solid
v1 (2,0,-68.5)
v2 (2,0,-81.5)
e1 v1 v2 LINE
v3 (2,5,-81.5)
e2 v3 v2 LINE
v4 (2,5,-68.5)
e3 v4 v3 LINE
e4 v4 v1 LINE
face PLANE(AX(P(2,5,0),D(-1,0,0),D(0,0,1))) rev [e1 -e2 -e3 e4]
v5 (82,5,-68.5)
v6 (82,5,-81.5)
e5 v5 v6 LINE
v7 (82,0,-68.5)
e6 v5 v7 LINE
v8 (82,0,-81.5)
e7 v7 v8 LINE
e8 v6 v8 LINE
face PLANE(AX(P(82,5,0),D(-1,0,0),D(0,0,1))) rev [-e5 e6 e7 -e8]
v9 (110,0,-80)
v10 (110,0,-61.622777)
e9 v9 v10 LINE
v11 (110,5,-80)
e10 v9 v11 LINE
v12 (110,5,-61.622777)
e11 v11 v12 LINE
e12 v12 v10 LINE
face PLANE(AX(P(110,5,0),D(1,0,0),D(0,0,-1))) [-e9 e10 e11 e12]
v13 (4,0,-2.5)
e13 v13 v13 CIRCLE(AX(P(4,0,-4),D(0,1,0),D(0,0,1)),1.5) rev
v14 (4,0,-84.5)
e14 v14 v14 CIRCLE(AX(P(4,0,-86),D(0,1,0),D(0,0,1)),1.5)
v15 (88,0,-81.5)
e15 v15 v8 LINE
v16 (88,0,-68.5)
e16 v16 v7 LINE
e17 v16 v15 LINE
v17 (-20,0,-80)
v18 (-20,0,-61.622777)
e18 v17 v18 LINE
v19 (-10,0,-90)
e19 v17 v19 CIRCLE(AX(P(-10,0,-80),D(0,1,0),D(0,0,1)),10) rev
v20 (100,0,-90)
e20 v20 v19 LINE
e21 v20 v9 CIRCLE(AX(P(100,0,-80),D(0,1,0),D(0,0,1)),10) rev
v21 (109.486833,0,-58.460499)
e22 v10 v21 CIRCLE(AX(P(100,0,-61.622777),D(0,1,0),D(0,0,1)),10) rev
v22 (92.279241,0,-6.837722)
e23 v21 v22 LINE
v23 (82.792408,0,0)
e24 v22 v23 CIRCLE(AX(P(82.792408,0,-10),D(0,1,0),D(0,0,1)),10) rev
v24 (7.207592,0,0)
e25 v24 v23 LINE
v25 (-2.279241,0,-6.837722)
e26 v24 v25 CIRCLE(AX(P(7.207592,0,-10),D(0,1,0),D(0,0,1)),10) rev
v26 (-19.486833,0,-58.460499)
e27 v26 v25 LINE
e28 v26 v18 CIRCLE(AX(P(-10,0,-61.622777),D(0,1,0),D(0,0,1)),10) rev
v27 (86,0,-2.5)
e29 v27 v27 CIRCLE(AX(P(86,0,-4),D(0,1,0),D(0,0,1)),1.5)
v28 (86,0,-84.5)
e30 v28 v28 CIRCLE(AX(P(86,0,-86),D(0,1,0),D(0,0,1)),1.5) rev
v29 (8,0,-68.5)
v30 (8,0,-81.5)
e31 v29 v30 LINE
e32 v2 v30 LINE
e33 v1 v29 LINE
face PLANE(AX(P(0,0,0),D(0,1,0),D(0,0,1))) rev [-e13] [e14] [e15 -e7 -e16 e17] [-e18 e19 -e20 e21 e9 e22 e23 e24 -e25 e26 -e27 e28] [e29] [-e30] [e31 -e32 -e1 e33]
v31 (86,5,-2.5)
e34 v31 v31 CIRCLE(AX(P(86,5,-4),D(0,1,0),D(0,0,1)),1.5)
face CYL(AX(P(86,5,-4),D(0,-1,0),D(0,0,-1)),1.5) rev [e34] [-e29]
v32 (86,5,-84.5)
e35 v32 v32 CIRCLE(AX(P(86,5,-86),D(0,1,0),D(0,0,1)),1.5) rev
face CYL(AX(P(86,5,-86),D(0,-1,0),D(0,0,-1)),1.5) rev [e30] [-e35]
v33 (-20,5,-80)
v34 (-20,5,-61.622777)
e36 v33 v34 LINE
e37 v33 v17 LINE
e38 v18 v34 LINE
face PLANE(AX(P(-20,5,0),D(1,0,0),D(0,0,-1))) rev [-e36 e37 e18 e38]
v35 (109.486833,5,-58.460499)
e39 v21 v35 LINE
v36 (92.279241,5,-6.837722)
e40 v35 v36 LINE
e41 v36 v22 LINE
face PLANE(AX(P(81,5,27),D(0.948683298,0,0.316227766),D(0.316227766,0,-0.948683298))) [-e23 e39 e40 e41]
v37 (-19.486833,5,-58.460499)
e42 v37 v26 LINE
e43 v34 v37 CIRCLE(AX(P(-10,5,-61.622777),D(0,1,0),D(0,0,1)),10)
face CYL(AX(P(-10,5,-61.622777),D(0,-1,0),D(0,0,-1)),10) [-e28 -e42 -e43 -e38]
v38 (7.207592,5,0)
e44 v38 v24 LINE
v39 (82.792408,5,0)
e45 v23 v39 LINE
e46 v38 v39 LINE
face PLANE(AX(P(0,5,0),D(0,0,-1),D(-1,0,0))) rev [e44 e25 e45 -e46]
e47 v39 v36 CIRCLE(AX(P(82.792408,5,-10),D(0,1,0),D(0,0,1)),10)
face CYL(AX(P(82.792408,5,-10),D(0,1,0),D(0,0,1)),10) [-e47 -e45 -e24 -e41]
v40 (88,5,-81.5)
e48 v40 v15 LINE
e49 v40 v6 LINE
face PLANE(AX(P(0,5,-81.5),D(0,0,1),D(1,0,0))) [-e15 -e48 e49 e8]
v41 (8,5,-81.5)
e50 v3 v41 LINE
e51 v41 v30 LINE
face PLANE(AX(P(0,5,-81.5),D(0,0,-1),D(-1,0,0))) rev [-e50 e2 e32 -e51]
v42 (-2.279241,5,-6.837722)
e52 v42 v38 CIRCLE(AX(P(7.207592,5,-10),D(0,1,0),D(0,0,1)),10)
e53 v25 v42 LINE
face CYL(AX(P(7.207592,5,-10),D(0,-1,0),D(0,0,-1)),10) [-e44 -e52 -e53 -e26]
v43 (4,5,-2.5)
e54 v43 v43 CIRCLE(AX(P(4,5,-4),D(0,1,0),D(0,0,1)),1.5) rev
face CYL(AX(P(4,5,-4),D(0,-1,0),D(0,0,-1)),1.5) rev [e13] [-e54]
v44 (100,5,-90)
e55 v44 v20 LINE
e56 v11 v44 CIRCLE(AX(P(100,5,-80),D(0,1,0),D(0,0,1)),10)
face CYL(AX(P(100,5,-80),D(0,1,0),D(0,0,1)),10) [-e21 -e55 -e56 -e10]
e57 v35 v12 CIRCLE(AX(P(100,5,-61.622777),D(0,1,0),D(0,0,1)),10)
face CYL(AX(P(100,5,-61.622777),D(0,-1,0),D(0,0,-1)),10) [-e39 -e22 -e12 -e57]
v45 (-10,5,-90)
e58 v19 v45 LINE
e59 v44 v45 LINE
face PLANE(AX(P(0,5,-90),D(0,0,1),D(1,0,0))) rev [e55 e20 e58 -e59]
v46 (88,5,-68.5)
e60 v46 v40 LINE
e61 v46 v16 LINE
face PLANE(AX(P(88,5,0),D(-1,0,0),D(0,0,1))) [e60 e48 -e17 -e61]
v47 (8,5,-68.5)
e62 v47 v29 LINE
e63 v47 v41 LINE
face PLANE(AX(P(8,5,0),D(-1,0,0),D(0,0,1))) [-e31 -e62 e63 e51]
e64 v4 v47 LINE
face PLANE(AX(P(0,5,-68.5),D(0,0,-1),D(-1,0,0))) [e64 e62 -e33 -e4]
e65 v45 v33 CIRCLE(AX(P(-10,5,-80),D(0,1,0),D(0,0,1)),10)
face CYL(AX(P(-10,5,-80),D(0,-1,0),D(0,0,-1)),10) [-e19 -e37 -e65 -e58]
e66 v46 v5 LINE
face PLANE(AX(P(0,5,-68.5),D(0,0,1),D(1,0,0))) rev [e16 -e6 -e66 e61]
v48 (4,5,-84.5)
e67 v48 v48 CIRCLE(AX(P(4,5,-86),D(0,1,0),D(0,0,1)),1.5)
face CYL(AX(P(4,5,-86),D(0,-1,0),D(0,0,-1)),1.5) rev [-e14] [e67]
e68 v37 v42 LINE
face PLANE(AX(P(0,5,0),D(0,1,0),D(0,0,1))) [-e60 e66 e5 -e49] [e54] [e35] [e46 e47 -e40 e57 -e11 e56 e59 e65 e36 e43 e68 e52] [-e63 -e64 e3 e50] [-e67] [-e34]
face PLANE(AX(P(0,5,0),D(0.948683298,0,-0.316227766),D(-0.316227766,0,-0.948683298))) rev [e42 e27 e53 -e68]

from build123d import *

# Parameters (mm, degrees)
SKETCH1_W           = 90
SKETCH1_H           = 90
SKETCH1_R           = 1.5
SKETCH1_W_2         = 6
SKETCH1_H_2         = 13
BOSS_EXTRUDE9_DEPTH = 5
FILLET2_R           = 10


with BuildPart() as part:
    # Sketch1 → Boss-Extrude9 (new body)
    # profile 1 of 3: a face of its own
    with BuildSketch(Plane(origin=(0, 0, 0), x_dir=(1, 0, 0), z_dir=(0, 1, 0))):
        Polygon((-20, 90), (-20, 60), (0, 0), (0, 90), align=None)
    # profile 2 of 3: a face of its own
    with BuildSketch(Plane(origin=(0, 0, 0), x_dir=(1, 0, 0), z_dir=(0, 1, 0))):
        with Locations((45, 45)):
            Rectangle(SKETCH1_W, SKETCH1_H)
        with Locations(Location((4, 4, 0), (0, 0, 270))):
            Circle(SKETCH1_R, mode=Mode.SUBTRACT)
        with Locations(Location((86, 4, 0), (0, 0, 270))):
            Circle(SKETCH1_R, mode=Mode.SUBTRACT)
        with Locations((5, 75)):
            Rectangle(SKETCH1_W_2, SKETCH1_H_2, mode=Mode.SUBTRACT)
        with Locations(Location((4, 86, 0), (0, 0, 270))):
            Circle(SKETCH1_R, mode=Mode.SUBTRACT)
        with Locations((85, 75)):
            Rectangle(SKETCH1_W_2, SKETCH1_H_2, mode=Mode.SUBTRACT)
        with Locations(Location((86, 86, 0), (0, 0, 270))):
            Circle(SKETCH1_R, mode=Mode.SUBTRACT)
    # profile 3 of 3: a face of its own
    with BuildSketch(Plane(origin=(0, 0, 0), x_dir=(1, 0, 0), z_dir=(0, 1, 0))):
        Polygon((110, 90), (110, 60), (90, 0), (90, 90), align=None)
    extrude(amount=BOSS_EXTRUDE9_DEPTH)

    # Fillet2
    fillet2_edges = [part.edges().sort_by_distance(p)[0] for p in [
        (-20, 2.5, -90),
        (110, 2.5, -90),
        (110, 2.5, -60),
        (90, 2.5, 0),
        (0, 2.5, 0),
        (-20, 2.5, -60),
    ]]
    fillet(fillet2_edges, radius=FILLET2_R)


solid = part.part
